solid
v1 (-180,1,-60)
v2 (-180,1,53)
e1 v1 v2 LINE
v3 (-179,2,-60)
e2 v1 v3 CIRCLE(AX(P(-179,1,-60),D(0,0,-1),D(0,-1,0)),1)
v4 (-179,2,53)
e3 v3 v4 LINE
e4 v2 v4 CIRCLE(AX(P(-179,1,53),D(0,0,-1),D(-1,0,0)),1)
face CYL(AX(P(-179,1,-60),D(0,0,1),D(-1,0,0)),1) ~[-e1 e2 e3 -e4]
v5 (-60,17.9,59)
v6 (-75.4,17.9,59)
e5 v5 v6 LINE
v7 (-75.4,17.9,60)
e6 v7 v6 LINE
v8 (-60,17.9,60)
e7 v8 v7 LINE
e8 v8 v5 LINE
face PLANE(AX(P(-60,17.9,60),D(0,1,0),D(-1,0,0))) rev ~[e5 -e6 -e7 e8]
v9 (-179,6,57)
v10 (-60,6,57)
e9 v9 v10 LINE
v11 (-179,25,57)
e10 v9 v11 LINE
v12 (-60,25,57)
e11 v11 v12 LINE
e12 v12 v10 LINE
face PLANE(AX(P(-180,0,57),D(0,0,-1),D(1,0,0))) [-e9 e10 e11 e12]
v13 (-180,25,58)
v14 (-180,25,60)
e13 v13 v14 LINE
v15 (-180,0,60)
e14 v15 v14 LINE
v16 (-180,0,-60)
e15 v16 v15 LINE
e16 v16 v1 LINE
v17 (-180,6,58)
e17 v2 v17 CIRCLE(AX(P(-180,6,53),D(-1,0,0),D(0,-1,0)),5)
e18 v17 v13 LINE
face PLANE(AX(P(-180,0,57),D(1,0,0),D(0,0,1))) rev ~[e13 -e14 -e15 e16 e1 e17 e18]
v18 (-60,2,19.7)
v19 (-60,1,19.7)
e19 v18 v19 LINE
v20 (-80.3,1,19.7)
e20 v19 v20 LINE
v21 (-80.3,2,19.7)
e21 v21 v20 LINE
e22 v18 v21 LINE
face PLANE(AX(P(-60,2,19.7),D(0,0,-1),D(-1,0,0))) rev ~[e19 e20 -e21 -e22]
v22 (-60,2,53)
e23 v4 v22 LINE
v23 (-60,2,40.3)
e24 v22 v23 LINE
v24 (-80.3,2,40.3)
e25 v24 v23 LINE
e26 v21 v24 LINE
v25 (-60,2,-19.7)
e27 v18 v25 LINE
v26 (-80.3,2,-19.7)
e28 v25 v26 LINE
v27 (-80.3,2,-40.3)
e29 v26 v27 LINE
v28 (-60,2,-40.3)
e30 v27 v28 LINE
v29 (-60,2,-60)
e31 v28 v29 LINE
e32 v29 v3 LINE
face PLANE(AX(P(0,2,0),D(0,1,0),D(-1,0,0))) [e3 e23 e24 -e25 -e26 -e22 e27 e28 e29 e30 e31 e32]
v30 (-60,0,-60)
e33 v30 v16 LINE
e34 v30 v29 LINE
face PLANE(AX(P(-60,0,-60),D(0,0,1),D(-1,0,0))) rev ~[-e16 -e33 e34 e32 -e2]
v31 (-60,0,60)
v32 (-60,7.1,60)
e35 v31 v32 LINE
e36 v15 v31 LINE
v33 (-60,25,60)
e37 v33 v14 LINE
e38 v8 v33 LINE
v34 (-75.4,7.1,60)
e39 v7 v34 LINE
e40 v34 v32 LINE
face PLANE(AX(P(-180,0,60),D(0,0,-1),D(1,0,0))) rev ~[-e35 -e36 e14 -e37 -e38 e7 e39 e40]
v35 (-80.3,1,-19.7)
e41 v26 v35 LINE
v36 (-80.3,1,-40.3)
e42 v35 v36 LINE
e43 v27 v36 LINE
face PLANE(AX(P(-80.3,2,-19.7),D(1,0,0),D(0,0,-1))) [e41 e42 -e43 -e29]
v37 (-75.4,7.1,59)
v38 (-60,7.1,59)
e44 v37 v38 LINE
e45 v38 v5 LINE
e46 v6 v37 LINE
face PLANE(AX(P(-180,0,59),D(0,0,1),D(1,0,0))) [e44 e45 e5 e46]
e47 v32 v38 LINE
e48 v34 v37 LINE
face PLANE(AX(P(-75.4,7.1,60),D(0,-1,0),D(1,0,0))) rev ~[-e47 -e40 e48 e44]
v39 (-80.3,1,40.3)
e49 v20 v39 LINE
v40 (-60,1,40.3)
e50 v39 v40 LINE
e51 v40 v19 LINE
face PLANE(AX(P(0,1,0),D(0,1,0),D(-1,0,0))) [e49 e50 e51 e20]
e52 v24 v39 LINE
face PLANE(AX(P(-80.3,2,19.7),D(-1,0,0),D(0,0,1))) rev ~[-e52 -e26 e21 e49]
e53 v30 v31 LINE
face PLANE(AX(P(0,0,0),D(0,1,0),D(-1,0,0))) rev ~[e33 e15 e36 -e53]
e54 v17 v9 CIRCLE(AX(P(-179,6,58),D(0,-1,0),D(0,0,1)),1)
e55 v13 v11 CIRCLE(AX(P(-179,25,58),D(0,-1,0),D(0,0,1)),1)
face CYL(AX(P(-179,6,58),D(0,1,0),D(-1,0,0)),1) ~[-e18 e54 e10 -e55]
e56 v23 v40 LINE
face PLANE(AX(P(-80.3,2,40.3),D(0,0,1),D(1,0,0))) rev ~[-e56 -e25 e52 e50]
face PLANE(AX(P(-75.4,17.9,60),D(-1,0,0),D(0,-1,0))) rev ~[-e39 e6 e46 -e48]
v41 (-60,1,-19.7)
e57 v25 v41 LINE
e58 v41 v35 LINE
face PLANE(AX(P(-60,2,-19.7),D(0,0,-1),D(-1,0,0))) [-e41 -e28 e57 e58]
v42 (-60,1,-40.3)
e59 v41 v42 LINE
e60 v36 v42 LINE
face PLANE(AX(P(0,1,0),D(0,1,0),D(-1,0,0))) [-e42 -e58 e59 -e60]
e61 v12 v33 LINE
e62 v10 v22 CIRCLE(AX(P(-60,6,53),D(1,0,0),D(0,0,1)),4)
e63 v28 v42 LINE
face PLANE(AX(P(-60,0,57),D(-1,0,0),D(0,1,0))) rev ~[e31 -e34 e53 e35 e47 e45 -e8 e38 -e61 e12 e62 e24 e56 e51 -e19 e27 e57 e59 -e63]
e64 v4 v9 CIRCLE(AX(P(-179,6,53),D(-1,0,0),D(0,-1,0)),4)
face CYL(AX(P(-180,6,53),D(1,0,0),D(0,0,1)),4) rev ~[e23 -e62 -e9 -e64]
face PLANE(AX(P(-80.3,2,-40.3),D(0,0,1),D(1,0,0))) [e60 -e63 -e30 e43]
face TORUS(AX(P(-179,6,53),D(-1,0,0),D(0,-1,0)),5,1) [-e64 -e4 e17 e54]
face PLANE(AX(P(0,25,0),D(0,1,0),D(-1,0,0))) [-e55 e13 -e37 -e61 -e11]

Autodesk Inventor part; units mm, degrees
ref_plane "YZ Plane" through (0, 0, 0) normal (1, 0, 0) x (0, 1, 0)
ref_plane "XZ Plane" through (0, 0, 0) normal (0, 1, 0) x (-1, 0, 0)
ref_plane "XY Plane" through (0, 0, 0) normal (0, 0, 1) x (1, 0, 0)
sketch "スケッチ1" plane through (0, 0, 0) normal (0, 1, 0) x (-1, 0, 0)
  line L0 (180, 60) -> (-180, 60)
  line L1 (-180, 60) -> (-180, -60)
  line L2 (-180, -60) -> (180, -60)
  line L3 (180, -60) -> (180, 60)
  line L4 (180, 60) -> (-180, -60) construction
  line L5 (-180, 60) -> (180, -60) construction
  line L6 (180, 57) -> (-180, 57)
  line L7 (-60, 60) -> (-60, -60)
  line L8 (-60, 40) -> (-80, 40)
  line L9 (-80, 40) -> (-80, 20)
  line L10 (-80, 20) -> (-60, 20)
  line L11 (252, 0) -> (-252, 0) construction
  line L12 (-60, -40) -> (-80, -40)
  line L13 (-80, -40) -> (-80, -20)
  line L14 (-80, -20) -> (-60, -20)
  line L15 (0, -84) -> (0, 84) construction
  line L16 (60, 60) -> (60, -60)
  line L17 (60, 40) -> (80, 40)
  line L18 (80, 40) -> (80, 20)
  line L19 (80, 20) -> (60, 20)
  line L20 (60, -40) -> (80, -40)
  line L21 (80, -20) -> (60, -20)
  line L22 (80, -40) -> (80, -20)
  line L23 (-60, 19.7) -> (-80.3, 19.7)
  line L24 (-80.3, 19.7) -> (-80.3, 40.3)
  line L25 (-80.3, 40.3) -> (-60, 40.3)
  line L26 (-60, -19.7) -> (-80.3, -19.7)
  line L27 (-80.3, -19.7) -> (-80.3, -40.3)
  line L28 (-80.3, -40.3) -> (-60, -40.3)
  line L29 (60, 19.7) -> (80.3, 19.7)
  line L30 (80.3, 19.7) -> (80.3, 40.3)
  line L31 (80.3, 40.3) -> (60, 40.3)
  line L32 (60, -19.7) -> (80.3, -19.7)
  line L33 (80.3, -19.7) -> (80.3, -40.3)
  line L34 (80.3, -40.3) -> (60, -40.3)
  point P0 (0, 0)
  point P1 (60, 57)
  dimension "d0" = 120
  dimension "d1" = 360
  dimension "d4" = 3
  dimension "d5" = 120
  dimension "d7" = 20
  dimension "d8" = 20
  dimension "d9" = 20
  dimension "d10" = 0.3
  dimension "d11" = 0.3
extrude "押し出し3" add sketch "スケッチ1" along normal blind 25 contours L3 L6 L16 L0 | L16 L6 L7 L0 | L7 L6 L1 L0
sketch "スケッチ2" plane through (-180, 0, 60) normal (0, 0, 1) x (1, 0, 0)
  line L0 (0, 0) -> (360, 0) projected
  line L1 (360, 0) -> (360, 25) projected
  line L2 (0, 25) -> (360, 25) projected
  line L3 (0, 0) -> (0, 25) projected
  line L4 (240, 0) -> (240, 25)
  line L5 (240, 7.5) -> (255, 7.5)
  line L6 (255, 7.5) -> (255, 17.5)
  line L7 (255, 17.5) -> (240, 17.5)
  line L8 (180, -5) -> (180, 30) construction
  line L9 (120, 0) -> (120, 25)
  line L10 (120, 7.5) -> (105, 7.5)
  line L11 (105, 7.5) -> (105, 17.5)
  line L12 (105, 17.5) -> (120, 17.5)
  line L13 (240, 17.9) -> (255.4, 17.9)
  line L14 (255.4, 17.9) -> (255.4, 7.1)
  line L15 (255.4, 7.1) -> (240, 7.1)
  line L16 (120, 17.9) -> (104.6, 17.9)
  line L17 (104.6, 17.9) -> (104.6, 7.1)
  line L18 (104.6, 7.1) -> (120, 7.1)
  point P0 (180, 0)
  point P1 (360, 12.5)
  dimension "d16" = 120
  dimension "d17" = 10
  dimension "d18" = 15
  dimension "d19" = 7.5
  dimension "d24" = 0.4
extrude "押し出し6" add sketch "スケッチ1" along normal blind 2 contours L3 L2 L16 L34 L33 L32 L29 L30 L31 L6 | L31 L30 L29 L16 L19 L18 L17 | L17 L18 L19 L16 | L16 L20 L22 L21 L32 L33 L34 | L16 L21 L22 L20
extrude "押し出し7" cut sketch "スケッチ2" along normal up to surface (3 mm away) from surface at -3 contours L9 L2 L4 L0 | L4 L15 L14 L13 L2 L1 L0 | L4 L5 L6 L7 L13 L14 L15 | L4 L7 L6 L5
extrude "押し出し8" cut sketch "スケッチ2" against normal blind 1 contours L18 L17 L16 L9 L12 L11 L10 | L10 L11 L12 L9
extrude "押し出し9" cut sketch "スケッチ1" against normal blind 1 from surface at 2 contours L31 L30 L29 L16 L19 L18 L17 | L17 L18 L19 L16 | L16 L20 L22 L21 L32 L33 L34 | L16 L21 L22 L20
fillet "フィレット3" radius 4 1 edges at (-120, 2, 57)
fillet "フィレット4" radius 1 2 edges at (-180, 15.5, 57) (-180, 2, -3.5)
properties part number "protectar1"
